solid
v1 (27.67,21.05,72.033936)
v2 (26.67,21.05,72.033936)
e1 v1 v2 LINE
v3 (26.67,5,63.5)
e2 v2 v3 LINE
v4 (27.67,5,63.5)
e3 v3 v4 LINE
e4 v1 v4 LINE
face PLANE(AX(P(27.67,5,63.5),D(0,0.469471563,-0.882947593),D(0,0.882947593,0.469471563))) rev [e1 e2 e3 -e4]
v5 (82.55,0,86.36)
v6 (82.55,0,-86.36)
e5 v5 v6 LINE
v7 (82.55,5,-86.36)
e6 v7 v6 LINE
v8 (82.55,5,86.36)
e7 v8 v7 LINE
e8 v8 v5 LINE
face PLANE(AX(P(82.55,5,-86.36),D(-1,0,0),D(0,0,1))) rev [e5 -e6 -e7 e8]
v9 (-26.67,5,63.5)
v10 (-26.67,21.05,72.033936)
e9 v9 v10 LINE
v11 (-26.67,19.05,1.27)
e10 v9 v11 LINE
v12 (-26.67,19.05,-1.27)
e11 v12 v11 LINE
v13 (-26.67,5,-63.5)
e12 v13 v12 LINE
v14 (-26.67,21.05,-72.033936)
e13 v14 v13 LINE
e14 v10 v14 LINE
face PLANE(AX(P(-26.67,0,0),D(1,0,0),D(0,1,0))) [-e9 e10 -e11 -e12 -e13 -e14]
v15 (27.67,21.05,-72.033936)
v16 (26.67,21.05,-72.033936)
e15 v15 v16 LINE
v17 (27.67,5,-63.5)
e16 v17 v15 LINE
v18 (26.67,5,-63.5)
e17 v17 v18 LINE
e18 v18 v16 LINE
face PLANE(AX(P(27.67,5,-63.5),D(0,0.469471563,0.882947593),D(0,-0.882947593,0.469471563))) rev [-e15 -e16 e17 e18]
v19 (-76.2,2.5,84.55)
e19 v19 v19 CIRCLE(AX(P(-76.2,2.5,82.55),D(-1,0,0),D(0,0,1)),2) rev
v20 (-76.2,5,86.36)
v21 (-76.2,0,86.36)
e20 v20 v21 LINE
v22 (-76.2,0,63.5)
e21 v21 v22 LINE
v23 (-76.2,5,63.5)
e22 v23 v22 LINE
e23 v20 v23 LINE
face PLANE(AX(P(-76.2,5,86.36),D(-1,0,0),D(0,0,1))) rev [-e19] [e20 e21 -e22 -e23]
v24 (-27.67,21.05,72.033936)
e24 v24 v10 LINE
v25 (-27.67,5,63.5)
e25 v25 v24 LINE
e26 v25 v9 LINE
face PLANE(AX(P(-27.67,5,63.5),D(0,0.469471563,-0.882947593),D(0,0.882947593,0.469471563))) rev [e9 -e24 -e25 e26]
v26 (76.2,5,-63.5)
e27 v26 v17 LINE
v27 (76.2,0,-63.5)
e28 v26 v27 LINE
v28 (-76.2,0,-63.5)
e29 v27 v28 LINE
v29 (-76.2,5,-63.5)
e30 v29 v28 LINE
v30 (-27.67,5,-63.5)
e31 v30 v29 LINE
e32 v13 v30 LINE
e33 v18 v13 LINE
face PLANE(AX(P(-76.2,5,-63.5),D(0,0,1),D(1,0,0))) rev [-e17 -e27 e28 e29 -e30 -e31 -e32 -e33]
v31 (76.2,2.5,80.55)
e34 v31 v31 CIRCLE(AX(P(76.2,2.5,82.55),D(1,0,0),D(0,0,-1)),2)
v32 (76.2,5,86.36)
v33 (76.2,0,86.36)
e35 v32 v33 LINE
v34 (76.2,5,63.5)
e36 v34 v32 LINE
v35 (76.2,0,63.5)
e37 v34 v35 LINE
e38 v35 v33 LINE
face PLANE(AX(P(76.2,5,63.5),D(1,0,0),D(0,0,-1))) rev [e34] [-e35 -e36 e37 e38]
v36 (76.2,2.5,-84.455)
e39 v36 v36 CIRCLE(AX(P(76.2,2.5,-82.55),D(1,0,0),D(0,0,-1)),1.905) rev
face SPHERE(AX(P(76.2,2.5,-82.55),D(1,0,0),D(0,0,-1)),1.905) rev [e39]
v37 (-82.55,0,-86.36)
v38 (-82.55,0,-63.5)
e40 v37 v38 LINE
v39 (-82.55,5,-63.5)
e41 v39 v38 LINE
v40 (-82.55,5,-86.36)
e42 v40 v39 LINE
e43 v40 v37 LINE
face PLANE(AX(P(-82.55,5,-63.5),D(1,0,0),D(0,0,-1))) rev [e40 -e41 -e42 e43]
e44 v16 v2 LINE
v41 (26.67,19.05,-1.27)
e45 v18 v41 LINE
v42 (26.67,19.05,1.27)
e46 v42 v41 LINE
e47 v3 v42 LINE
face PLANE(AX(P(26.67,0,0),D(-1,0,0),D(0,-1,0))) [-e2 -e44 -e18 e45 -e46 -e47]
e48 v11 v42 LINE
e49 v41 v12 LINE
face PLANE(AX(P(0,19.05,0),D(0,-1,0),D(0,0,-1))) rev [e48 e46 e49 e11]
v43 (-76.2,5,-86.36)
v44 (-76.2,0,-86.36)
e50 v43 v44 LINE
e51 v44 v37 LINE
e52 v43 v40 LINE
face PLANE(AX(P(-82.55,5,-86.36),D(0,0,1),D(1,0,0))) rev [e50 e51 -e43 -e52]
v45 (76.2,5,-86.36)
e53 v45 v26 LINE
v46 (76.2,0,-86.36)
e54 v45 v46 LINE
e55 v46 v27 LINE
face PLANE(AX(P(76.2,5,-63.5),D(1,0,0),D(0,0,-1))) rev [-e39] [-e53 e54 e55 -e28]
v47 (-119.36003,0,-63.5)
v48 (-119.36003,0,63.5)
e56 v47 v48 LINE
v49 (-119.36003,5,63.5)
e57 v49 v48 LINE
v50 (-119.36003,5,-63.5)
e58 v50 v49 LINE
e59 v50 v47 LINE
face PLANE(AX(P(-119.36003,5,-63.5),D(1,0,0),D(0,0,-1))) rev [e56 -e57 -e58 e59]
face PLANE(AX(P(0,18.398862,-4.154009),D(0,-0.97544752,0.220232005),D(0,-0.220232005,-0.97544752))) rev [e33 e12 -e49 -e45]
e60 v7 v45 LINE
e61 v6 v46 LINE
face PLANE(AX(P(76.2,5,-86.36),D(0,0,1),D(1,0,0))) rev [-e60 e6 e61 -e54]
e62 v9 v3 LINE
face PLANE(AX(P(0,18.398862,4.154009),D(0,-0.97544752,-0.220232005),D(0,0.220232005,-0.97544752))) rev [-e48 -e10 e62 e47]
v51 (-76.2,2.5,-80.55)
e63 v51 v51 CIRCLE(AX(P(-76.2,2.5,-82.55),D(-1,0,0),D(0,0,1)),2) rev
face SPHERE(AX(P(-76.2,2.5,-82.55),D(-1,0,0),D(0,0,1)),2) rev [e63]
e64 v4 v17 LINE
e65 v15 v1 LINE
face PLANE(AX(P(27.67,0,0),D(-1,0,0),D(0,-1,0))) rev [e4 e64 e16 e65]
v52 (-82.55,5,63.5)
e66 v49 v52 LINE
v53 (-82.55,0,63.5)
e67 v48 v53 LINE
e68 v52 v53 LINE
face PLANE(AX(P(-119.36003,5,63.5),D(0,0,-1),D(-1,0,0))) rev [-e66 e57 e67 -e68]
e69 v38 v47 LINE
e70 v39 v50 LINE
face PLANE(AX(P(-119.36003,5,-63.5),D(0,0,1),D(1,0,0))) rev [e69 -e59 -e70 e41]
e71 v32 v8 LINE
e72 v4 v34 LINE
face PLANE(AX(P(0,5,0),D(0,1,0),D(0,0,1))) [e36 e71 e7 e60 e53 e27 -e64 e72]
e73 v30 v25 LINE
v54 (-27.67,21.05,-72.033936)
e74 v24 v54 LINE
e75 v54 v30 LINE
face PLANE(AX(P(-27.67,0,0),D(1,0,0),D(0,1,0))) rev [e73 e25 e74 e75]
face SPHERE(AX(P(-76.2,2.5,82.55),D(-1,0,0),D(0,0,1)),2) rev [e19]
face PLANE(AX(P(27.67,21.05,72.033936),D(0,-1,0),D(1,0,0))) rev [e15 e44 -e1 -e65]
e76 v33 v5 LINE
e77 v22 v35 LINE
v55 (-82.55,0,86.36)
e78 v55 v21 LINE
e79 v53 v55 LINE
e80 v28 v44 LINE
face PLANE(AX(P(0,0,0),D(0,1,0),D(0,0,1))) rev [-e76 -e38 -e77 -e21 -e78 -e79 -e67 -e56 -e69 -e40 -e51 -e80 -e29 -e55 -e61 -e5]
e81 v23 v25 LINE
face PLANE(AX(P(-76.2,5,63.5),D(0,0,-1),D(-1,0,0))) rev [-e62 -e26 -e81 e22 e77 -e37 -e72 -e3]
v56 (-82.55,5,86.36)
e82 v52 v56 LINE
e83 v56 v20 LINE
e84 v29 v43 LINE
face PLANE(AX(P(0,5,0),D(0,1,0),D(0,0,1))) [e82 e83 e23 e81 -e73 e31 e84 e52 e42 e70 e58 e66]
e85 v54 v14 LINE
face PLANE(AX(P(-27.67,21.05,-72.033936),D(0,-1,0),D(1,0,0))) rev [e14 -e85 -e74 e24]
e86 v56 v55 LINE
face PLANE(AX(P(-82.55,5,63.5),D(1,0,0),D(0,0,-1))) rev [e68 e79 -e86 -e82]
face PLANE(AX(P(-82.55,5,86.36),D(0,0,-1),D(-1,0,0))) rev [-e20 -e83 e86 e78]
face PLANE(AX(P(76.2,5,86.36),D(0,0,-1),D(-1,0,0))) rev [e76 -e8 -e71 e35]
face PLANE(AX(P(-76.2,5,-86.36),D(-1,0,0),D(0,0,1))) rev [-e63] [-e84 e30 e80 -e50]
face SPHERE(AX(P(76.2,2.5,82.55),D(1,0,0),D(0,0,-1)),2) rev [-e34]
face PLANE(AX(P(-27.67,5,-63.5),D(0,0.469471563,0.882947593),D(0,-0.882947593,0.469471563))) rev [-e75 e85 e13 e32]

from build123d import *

# Parameters (mm, degrees)
BOSS_EXTRUDE1_DEPTH = 5
BOSS_EXTRUDE2_DEPTH = 1
BOSS_EXTRUDE3_DEPTH = 1


with BuildPart() as part:
    # Sketch1 → Boss-Extrude1 (new body)
    with BuildSketch(Plane(origin=(0, 0, 0), x_dir=(1, 0, 0), z_dir=(0, 1, 0))):
        Polygon((-82.55, -63.5), (-82.55, -86.36), (-76.2, -86.36), (-76.2, -63.5), (76.2, -63.5), (76.2, -86.36), (82.55, -86.36), (82.55, 86.36), (76.2, 86.36), (76.2, 63.5), (-76.2, 63.5), (-76.2, 86.36), (-82.55, 86.36), (-82.55, 63.5), (-119.360030459, 63.5), (-119.360030459, -63.5), align=None)
    extrude(amount=BOSS_EXTRUDE1_DEPTH)

    # Sketch4 → Cut-Revolve3 (revolve, cut)
    with BuildSketch(Plane(origin=(-76.2, 0, 0), x_dir=(0, 0, -1), z_dir=(1, 0, 0))):
        with BuildLine():
            Line((-82.55, 4.5), (-82.55, 0.5))
            ThreePointArc((-82.55, 0.5), (-80.55, 2.5), (-82.55, 4.5))
        make_face()
    revolve(axis=Axis((-76.2, 4.5, 82.55), (0, -1, 0)), mode=Mode.SUBTRACT)

    # Sketch5 → Cut-Revolve4 (revolve, cut)
    with BuildSketch(Plane.ZY.offset(-76.2)):
        with BuildLine():
            Line((82.55, 0.5), (82.55, 4.5))
            ThreePointArc((82.55, 4.5), (84.55, 2.5), (82.55, 0.5))
        make_face()
    revolve(axis=Axis((76.2, 0.5, 82.55), (0, 1, 0)), mode=Mode.SUBTRACT)

    # Sketch7 → Loft1 section 0
    with BuildSketch(Plane(origin=(0, 5, 0), x_dir=(1, 0, 0), z_dir=(0, 1, 0))):
        with BuildLine():
            Line((-26.67, -63.5), (26.67, -63.5))
            Line((26.67, -63.5), (26.67, 63.5))
            Line((26.67, 63.5), (-26.67, 63.5))
            Line((-26.67, 63.5), (-26.67, -63.5))
        make_face()
    # Sketch6 → Loft1 section 1
    with BuildSketch(Plane(origin=(0, 19.05, 0), x_dir=(1, 0, 0), z_dir=(0, 1, 0))):
        with BuildLine():
            Line((26.67, 1.27), (-26.67, 1.27))
            Line((-26.67, 1.27), (-26.67, -1.27))
            Line((-26.67, -1.27), (26.67, -1.27))
            Line((26.67, -1.27), (26.67, 1.27))
        make_face()
    loft()

    # Sketch8 → Cut-Revolve5 (revolve, cut)
    with BuildSketch(Plane(origin=(-76.2, 0, 0), x_dir=(0, 0, -1), z_dir=(1, 0, 0))):
        with BuildLine():
            Line((82.55, 4.5), (82.55, 0.5))
            ThreePointArc((82.55, 0.5), (84.55, 2.5), (82.55, 4.5))
        make_face()
    revolve(axis=Axis((-76.2, 4.5, -82.55), (0, -1, 0)), mode=Mode.SUBTRACT)

    # Sketch9 → Cut-Revolve6 (revolve, cut)
    with BuildSketch(Plane.ZY.offset(-76.2)):
        with BuildLine():
            Line((-82.55, 4.405), (-82.55, 0.595))
            ThreePointArc((-82.55, 0.595), (-80.645, 2.5), (-82.55, 4.405))
        make_face()
    revolve(axis=Axis((76.2, 4.405, -82.55), (0, -1, 0)), mode=Mode.SUBTRACT)

    # Sketch10 → Boss-Extrude2 (add)
    with BuildSketch(Plane(origin=(26.67, 0, 0), x_dir=(0, 0, -1), z_dir=(1, 0, 0))):
        Polygon((-63.5, 5), (63.5, 5), (72.033936378, 21.05), (-72.033936378, 21.05), align=None)
    extrude(amount=BOSS_EXTRUDE2_DEPTH)

    # Sketch11 → Boss-Extrude3 (add)
    with BuildSketch(Plane.ZY.offset(26.67)):
        Polygon((-63.5, 5), (63.5, 5), (72.033936378, 21.05), (-72.033936378, 21.05), align=None)
    extrude(amount=BOSS_EXTRUDE3_DEPTH)


solid = part.part
